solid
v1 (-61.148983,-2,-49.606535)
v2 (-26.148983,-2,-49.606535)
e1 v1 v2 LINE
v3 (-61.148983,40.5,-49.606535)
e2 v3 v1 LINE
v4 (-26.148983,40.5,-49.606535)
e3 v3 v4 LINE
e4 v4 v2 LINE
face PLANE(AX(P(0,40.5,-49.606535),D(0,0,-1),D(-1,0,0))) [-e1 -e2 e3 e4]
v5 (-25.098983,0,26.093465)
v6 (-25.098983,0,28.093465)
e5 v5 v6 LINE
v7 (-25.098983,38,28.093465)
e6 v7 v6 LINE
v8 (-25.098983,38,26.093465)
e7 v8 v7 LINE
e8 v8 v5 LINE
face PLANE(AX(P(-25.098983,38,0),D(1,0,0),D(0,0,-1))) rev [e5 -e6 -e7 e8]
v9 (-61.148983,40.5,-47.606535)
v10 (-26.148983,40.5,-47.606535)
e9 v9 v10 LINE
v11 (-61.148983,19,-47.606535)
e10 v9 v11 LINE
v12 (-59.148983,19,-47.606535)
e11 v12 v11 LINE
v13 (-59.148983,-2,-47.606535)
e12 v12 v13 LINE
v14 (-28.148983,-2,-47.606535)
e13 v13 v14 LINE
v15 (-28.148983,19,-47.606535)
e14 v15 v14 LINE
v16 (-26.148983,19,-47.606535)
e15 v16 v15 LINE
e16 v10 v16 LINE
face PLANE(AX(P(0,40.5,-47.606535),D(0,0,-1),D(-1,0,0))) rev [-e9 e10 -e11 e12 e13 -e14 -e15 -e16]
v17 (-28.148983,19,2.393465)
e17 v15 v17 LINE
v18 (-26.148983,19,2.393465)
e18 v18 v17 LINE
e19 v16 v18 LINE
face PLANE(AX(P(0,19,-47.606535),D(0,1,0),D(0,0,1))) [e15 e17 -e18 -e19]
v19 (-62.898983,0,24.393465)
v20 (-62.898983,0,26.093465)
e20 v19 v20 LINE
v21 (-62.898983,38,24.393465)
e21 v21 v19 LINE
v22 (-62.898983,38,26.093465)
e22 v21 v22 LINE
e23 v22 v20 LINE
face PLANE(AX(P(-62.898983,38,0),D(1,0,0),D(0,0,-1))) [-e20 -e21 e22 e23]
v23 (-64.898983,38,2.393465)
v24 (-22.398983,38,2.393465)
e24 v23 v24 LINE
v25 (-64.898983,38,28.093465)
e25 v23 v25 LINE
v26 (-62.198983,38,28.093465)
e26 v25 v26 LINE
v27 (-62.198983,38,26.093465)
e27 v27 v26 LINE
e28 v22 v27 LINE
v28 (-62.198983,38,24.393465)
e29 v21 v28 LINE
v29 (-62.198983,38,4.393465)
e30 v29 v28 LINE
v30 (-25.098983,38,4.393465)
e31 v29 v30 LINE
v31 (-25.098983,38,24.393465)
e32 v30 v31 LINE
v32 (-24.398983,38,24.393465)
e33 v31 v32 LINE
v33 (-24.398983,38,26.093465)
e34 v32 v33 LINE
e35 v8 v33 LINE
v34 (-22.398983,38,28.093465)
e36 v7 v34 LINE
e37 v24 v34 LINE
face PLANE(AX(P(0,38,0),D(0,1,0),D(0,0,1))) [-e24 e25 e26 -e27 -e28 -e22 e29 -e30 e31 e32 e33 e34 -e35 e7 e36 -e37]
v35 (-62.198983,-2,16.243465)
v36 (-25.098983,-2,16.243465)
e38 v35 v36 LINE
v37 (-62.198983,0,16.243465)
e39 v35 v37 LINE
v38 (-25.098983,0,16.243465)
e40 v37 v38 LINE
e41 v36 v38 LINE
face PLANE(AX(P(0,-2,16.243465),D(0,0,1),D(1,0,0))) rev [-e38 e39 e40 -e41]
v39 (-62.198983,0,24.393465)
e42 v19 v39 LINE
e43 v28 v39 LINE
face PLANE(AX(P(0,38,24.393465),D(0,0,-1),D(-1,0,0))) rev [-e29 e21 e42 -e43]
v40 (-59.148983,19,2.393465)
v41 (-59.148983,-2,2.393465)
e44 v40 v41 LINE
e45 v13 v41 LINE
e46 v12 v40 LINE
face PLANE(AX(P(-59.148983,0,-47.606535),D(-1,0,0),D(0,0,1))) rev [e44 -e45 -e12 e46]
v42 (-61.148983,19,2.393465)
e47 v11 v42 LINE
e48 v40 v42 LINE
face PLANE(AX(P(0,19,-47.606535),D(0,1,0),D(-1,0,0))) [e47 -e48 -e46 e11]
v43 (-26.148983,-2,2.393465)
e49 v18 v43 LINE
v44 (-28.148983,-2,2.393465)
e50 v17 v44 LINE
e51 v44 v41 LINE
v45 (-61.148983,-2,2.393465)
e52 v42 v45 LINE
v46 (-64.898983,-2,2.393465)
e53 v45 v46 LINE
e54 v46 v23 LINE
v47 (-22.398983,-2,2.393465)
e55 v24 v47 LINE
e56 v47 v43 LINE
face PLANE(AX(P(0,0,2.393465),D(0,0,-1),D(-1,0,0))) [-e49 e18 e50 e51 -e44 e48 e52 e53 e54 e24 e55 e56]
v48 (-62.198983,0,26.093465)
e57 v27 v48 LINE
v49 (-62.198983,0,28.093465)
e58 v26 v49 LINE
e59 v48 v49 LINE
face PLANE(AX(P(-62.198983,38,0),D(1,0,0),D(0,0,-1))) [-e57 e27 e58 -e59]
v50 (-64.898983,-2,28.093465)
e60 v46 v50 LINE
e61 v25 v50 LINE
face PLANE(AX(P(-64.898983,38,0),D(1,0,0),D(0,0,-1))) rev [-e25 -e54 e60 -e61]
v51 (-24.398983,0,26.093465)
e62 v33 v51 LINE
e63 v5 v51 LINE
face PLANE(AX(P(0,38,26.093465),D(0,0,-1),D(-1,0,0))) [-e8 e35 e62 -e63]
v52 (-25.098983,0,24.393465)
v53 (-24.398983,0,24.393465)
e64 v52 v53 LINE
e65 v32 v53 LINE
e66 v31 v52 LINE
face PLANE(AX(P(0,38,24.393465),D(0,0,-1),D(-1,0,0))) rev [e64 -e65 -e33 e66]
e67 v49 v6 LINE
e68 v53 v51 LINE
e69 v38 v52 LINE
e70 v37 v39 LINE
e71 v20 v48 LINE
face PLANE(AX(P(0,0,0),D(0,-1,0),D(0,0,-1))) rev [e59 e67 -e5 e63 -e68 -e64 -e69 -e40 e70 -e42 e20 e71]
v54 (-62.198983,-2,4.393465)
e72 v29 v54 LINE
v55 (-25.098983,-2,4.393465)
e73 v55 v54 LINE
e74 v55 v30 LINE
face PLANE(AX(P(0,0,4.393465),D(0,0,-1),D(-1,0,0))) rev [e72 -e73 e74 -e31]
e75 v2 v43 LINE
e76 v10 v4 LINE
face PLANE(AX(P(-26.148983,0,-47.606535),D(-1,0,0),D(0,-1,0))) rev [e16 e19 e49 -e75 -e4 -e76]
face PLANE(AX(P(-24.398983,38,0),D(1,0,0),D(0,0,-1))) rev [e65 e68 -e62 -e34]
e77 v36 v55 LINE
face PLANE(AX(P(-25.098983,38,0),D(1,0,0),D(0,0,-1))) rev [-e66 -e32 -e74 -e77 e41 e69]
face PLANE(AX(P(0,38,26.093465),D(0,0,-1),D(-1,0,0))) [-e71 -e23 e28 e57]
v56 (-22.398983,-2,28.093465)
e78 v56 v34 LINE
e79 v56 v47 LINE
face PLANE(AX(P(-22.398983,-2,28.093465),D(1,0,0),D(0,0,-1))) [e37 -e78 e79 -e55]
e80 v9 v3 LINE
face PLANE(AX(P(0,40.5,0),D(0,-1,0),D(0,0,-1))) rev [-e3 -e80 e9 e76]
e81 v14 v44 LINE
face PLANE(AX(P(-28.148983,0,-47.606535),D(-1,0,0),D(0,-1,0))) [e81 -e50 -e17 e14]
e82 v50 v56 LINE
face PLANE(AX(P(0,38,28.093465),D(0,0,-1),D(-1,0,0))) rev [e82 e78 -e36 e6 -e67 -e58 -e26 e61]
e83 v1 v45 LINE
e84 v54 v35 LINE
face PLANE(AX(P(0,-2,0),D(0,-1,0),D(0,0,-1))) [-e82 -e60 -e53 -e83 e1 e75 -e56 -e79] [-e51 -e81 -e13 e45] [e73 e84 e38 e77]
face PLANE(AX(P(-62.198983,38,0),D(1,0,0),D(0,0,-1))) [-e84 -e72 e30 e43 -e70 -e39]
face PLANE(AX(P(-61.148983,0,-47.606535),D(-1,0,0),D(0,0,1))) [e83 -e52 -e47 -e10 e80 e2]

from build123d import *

# Parameters (mm, degrees)
BOSS_EXTRUDE1_DEPTH   = 38
BOSS_EXTRUDE1_2_DEPTH = 38
SKETCH2_W             = 42.5
SKETCH2_H             = 5.7
BOSS_EXTRUDE2_DEPTH   = 2
BOSS_EXTRUDE3_DEPTH   = 18
SKETCH4_W             = 42.5
SKETCH4_H             = 40
BOSS_EXTRUDE4_DEPTH   = 2
SKETCH5_W             = 37.1
SKETCH5_H             = 11.85
CUT_EXTRUDE1_DEPTH    = 81.281509747
SKETCH6_W             = 2
SKETCH6_H             = 21
BOSS_EXTRUDE6_DEPTH   = 50
BOSS_EXTRUDE7_DEPTH   = 42.5


with BuildPart() as part:
    # Sketch1 → Boss-Extrude1 (new body)
    with BuildSketch(Plane(origin=(0, 0, 0), x_dir=(1, 0, 0), z_dir=(0, 1, 0))):
        Polygon((-62.898983402, -26.09346473), (-62.898983402, -24.39346473), (-62.198983402, -24.39346473), (-62.198983402, -22.39346473), (-64.898983402, -22.39346473), (-64.898983402, -28.09346473), (-62.198983402, -28.09346473), (-62.198983402, -26.09346473), align=None)
    extrude(amount=BOSS_EXTRUDE1_DEPTH)



with BuildPart() as body_2:
    # Sketch1 → Boss-Extrude1 2 (new body)
    with BuildSketch(Plane(origin=(0, 0, 0), x_dir=(1, 0, 0), z_dir=(0, 1, 0))):
        Polygon((-25.098983402, -22.39346473), (-25.098983402, -24.39346473), (-24.398983402, -24.39346473), (-24.398983402, -26.09346473), (-25.098983402, -26.09346473), (-25.098983402, -28.09346473), (-22.398983402, -28.09346473), (-22.398983402, -22.39346473), align=None)
    extrude(amount=BOSS_EXTRUDE1_2_DEPTH)


with BuildPart() as part_1:
    add(part.part)

    add(body_2.part)  # Boss-Extrude2 merges body 2
    # Sketch2 → Boss-Extrude2 (add)
    with BuildSketch(Plane(origin=(0, 0, 0), x_dir=(1, 0, 0), z_dir=(0, 1, 0))):
        with Locations((-43.648983402, -25.24346473)):
            Rectangle(SKETCH2_W, SKETCH2_H)
    extrude(amount=-BOSS_EXTRUDE2_DEPTH)

    # Sketch3 → Boss-Extrude3 (add)
    with BuildSketch(Plane(origin=(0, 0, 22.39346473), x_dir=(-1, 0, 0), z_dir=(0, 0, -1))):
        Polygon((64.898983402, 38), (62.198983402, 38), (62.198983402, 0), (25.098983402, 0), (25.098983402, 38), (22.398983402, 38), (22.398983402, -2), (64.898983402, -2), align=None)
    extrude(amount=BOSS_EXTRUDE3_DEPTH)

    # Sketch4 → Boss-Extrude4 (add)
    with BuildSketch(Plane(origin=(0, 0, 4.39346473), x_dir=(-1, 0, 0), z_dir=(0, 0, -1))):
        with Locations((43.648983402, 18)):
            Rectangle(SKETCH4_W, SKETCH4_H)
    extrude(amount=BOSS_EXTRUDE4_DEPTH)

    # Sketch5 → Cut-Extrude1 (cut, through all)
    with BuildSketch(Plane(origin=(0, 0, 0), x_dir=(1, 0, 0), z_dir=(0, 1, 0))):
        with Locations((-43.648983402, -10.31846473)):
            Rectangle(SKETCH5_W, SKETCH5_H)
    extrude(amount=-CUT_EXTRUDE1_DEPTH, mode=Mode.SUBTRACT)

    # Sketch6 → Boss-Extrude6 (add)
    with BuildSketch(Plane(origin=(0, 0, 2.39346473), x_dir=(-1, 0, 0), z_dir=(0, 0, -1))):
        with Locations((27.148983402, 8.5)):
            Rectangle(SKETCH6_W, SKETCH6_H)
        with Locations((60.148983402, 8.5)):
            Rectangle(SKETCH6_W, SKETCH6_H)
    extrude(amount=BOSS_EXTRUDE6_DEPTH)

    # Sketch7 → Boss-Extrude7 (add)
    with BuildSketch(Plane.XZ.offset(2)):
        Polygon((-59.148983402, -47.60653527), (-61.148983402, -47.60653527), (-61.148983402, -49.60653527), (-26.148983402, -49.60653527), (-26.148983402, -47.60653527), (-28.148983402, -47.60653527), align=None)
    extrude(amount=-BOSS_EXTRUDE7_DEPTH)


solid = part_1.part
